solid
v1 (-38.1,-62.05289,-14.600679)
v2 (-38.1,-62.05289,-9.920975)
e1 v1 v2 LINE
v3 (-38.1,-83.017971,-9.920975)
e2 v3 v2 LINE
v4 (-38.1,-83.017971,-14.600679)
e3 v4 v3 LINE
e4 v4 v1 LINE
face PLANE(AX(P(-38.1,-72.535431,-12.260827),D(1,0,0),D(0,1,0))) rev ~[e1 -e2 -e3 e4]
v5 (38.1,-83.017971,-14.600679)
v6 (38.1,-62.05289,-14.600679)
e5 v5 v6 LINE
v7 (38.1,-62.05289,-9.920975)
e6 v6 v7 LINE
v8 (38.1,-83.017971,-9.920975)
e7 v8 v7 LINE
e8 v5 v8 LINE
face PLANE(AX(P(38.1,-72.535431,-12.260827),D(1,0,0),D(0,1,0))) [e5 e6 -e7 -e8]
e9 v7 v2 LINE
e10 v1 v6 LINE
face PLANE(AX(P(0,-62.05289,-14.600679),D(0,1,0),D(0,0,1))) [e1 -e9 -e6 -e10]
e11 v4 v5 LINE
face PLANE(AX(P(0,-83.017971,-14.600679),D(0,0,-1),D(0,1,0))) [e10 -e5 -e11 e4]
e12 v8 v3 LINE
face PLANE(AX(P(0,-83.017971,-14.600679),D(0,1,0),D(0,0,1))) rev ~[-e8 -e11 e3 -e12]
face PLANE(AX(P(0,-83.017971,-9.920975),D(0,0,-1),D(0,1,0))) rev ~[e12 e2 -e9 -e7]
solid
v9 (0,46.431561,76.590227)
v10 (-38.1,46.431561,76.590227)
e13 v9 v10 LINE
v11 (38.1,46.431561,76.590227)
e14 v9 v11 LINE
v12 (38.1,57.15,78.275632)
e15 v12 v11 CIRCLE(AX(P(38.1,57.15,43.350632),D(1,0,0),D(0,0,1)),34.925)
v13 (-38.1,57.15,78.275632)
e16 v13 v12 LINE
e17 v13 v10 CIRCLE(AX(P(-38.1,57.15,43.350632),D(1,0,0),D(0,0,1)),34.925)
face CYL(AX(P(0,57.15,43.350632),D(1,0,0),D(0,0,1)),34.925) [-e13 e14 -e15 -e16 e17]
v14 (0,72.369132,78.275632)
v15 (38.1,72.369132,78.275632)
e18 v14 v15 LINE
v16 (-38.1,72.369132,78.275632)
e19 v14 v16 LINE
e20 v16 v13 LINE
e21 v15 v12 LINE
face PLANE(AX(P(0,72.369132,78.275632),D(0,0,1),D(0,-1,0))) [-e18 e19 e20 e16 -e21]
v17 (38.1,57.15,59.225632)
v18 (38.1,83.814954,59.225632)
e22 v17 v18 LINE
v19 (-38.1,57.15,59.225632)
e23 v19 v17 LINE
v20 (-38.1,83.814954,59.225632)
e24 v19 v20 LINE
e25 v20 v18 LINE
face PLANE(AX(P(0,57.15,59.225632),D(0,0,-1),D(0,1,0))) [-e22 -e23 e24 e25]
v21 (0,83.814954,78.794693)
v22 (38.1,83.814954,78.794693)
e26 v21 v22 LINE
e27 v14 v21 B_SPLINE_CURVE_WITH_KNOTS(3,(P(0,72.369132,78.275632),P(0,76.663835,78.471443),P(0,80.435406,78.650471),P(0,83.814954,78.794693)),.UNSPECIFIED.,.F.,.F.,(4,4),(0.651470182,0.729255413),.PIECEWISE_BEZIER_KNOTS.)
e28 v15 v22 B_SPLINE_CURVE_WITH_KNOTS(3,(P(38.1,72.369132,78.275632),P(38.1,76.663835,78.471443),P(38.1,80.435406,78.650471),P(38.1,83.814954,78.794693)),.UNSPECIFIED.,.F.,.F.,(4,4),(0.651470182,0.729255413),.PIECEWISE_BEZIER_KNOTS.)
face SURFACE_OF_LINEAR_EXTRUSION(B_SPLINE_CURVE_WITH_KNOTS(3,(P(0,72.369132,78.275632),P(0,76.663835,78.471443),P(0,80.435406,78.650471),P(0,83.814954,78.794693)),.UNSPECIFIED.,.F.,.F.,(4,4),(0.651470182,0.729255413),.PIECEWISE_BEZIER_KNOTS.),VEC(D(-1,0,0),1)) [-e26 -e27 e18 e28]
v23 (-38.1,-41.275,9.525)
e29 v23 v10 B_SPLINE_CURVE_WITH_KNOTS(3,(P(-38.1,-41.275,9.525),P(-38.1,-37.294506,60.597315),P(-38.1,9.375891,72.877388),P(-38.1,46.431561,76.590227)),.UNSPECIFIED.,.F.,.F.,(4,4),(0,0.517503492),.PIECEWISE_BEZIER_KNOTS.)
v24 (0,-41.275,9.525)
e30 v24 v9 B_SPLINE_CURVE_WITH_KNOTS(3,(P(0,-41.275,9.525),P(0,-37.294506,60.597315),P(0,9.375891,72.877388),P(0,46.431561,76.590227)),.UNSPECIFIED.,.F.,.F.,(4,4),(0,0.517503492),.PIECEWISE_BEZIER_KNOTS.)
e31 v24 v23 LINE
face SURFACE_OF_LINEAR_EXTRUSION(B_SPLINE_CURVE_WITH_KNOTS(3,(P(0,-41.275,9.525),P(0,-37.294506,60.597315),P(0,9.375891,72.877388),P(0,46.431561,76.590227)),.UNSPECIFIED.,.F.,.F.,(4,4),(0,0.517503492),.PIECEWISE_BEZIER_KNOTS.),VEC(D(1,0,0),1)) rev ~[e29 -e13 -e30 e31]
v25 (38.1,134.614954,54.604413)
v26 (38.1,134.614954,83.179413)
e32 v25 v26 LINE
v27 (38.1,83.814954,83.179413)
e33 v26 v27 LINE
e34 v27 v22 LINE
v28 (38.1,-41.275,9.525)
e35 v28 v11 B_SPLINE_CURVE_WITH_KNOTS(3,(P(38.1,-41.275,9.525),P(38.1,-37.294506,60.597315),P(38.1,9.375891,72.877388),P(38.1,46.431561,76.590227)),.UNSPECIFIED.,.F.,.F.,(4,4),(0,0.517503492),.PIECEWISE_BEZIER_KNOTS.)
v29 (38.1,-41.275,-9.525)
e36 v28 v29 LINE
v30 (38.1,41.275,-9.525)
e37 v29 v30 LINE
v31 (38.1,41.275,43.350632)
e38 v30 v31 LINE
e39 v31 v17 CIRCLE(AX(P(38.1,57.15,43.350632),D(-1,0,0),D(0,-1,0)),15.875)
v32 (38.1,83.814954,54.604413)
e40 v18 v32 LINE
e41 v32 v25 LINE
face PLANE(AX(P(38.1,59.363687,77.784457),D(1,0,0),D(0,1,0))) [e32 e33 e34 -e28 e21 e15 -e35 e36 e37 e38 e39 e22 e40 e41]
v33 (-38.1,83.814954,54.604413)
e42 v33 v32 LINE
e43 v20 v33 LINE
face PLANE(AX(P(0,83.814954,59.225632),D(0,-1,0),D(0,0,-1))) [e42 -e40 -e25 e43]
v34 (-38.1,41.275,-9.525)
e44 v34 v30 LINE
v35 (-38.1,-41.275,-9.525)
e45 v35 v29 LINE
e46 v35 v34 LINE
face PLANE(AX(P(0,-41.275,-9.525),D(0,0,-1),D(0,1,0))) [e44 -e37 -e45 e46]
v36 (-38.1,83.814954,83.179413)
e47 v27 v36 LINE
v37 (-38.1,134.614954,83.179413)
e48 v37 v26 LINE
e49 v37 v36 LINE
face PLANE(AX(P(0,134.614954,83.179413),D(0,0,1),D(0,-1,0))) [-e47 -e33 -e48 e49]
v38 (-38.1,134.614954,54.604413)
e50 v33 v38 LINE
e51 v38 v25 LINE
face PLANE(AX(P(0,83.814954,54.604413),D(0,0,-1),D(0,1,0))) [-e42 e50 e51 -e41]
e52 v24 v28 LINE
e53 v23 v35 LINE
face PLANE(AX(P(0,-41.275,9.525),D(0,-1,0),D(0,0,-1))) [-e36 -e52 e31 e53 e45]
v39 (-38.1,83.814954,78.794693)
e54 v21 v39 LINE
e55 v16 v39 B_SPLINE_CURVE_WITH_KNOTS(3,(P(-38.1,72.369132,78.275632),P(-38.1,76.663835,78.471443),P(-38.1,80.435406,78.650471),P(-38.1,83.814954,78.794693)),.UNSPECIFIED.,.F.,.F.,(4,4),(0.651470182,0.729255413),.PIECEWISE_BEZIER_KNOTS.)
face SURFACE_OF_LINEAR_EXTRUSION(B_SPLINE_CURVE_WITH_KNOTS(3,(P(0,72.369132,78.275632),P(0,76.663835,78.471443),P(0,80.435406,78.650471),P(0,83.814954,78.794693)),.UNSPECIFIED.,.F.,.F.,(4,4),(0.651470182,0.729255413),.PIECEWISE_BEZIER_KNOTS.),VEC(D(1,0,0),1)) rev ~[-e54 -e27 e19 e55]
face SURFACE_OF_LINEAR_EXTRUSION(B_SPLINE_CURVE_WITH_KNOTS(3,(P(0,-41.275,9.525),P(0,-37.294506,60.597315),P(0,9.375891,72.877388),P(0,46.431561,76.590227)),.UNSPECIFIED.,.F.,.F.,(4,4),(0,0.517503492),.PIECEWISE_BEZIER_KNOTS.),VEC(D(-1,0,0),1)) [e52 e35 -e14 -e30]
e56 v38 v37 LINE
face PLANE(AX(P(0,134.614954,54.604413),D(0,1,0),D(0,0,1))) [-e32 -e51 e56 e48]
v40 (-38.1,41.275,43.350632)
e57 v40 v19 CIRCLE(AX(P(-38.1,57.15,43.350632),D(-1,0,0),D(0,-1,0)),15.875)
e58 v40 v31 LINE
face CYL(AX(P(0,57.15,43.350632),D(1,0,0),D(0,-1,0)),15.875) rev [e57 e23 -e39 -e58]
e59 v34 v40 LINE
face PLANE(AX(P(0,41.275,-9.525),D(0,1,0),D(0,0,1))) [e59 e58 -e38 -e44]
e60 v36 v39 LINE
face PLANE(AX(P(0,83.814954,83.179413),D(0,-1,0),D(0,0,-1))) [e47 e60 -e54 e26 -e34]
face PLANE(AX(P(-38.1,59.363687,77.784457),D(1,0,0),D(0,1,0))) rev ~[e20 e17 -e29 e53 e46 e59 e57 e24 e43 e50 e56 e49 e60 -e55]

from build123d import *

# Parameters (mm, degrees)
F0_W     = 20.9650807514
F0_H     = 4.6797038421
F1_DEPTH = 38.1


with BuildPart() as f1:
    # F0 (on Right) → F1 (new body, symmetric)
    with BuildSketch(Plane.YZ):
        with Locations((-72.5354308129, -12.2608271002)):
            Rectangle(F0_W, F0_H)
    extrude(amount=F1_DEPTH, both=True)


with BuildPart() as f1b:
    # F0 (on Right) → F1, piece 2 (new body, symmetric)
    with BuildSketch(Plane.YZ):
        with BuildLine():
            ThreePointArc((57.15, 78.2756317613), (51.7249304378, 77.8517077626), (46.4315612153, 76.590227051))
            add(Edge.make_bspline(
                [(46.4315612153, 76.590227051), (56.0242028138, 77.5513736951), (64.9725208117, 77.938393637), (72.3691319327, 78.2756317613)],
                knots=[0.5175034916, 0.5175034916, 0.5175034916, 0.5175034916, 0.651470182, 0.651470182, 0.651470182, 0.651470182], degree=3))
            Line((72.3691319327, 78.2756317613), (57.15, 78.2756317613))
        make_face()
        Polygon((22.225, 9.525), (-41.275, 9.525), (-41.275, -9.525), (41.275, -9.525), (41.275, 9.525), align=None)
        with BuildLine():
            Line((110.3845917368, 78.2756317613), (83.8149540782, 78.2756317613))
            Line((83.8149540782, 78.2756317613), (83.8149540782, 59.2256317613))
            Line((83.8149540782, 59.2256317613), (83.8149540782, 54.6044126987))
            Line((83.8149540782, 54.6044126987), (134.6149540782, 54.6044126987))
            Line((134.6149540782, 54.6044126987), (134.6149540782, 83.1794126987))
            Line((134.6149540782, 83.1794126987), (83.8149540782, 83.1794126987))
            Line((83.8149540782, 83.1794126987), (83.8149540782, 78.7946925131))
            add(Edge.make_bspline(
                [(83.8149540782, 78.7946925131), (95.578038338, 79.2966811567), (102.5917288533, 79.3769936682), (110.3845917368, 78.2756317613)],
                knots=[0.729255413, 0.729255413, 0.729255413, 0.729255413, 1, 1, 1, 1], degree=3))
        make_face()
        with BuildLine():
            add(Edge.make_bspline(
                [(72.3691319327, 78.2756317613), (76.6638346111, 78.4714427148), (80.4354064556, 78.6504705991), (83.8149540782, 78.7946925131)],
                knots=[0.651470182, 0.651470182, 0.651470182, 0.651470182, 0.729255413, 0.729255413, 0.729255413, 0.729255413], degree=3))
            Line((72.3691319327, 78.2756317613), (83.8149540782, 78.2756317613))
            Line((83.8149540782, 78.2756317613), (83.8149540782, 78.7946925131))
        make_face()
        with BuildLine():
            Line((83.8149540782, 78.7946925131), (83.8149540782, 78.2756317613))
            Line((83.8149540782, 78.2756317613), (110.3845917368, 78.2756317613))
            add(Edge.make_bspline(
                [(83.8149540782, 78.7946925131), (95.578038338, 79.2966811567), (102.5917288533, 79.3769936682), (110.3845917368, 78.2756317613)],
                knots=[0.729255413, 0.729255413, 0.729255413, 0.729255413, 1, 1, 1, 1], degree=3))
        make_face()
        with BuildLine():
            Line((22.225, 43.3506317613), (22.225, 9.525))
            Line((22.225, 9.525), (41.275, 9.525))
            Line((41.275, 9.525), (41.275, 43.3506317613))
            ThreePointArc((41.275, 43.3506317613), (45.9246798487, 54.5759519127), (57.15, 59.2256317613))
            Line((57.15, 59.2256317613), (83.8149540782, 59.2256317613))
            Line((83.8149540782, 59.2256317613), (83.8149540782, 78.2756317613))
            Line((83.8149540782, 78.2756317613), (72.3691319327, 78.2756317613))
            add(Edge.make_bspline(
                [(46.4315612153, 76.590227051), (56.0242028138, 77.5513736951), (64.9725208117, 77.938393637), (72.3691319327, 78.2756317613)],
                knots=[0.5175034916, 0.5175034916, 0.5175034916, 0.5175034916, 0.651470182, 0.651470182, 0.651470182, 0.651470182], degree=3))
            ThreePointArc((46.4315612153, 76.590227051), (28.9179517254, 63.9104730842), (22.225, 43.3506317613))
        make_face()
        with BuildLine():
            add(Edge.make_bspline(
                [(-41.275, 9.525), (-37.2945064032, 60.597314608), (9.3758908363, 72.8773881144), (46.4315612153, 76.590227051)],
                knots=[0, 0, 0, 0, 0.5175034916, 0.5175034916, 0.5175034916, 0.5175034916], degree=3))
            Line((-41.275, 9.525), (22.225, 9.525))
            Line((22.225, 9.525), (22.225, 43.3506317613))
            ThreePointArc((22.225, 43.3506317613), (28.9179517254, 63.9104730842), (46.4315612153, 76.590227051))
        make_face()
    extrude(amount=F1_DEPTH, both=True)


solid = Compound([f1.part, f1b.part])
